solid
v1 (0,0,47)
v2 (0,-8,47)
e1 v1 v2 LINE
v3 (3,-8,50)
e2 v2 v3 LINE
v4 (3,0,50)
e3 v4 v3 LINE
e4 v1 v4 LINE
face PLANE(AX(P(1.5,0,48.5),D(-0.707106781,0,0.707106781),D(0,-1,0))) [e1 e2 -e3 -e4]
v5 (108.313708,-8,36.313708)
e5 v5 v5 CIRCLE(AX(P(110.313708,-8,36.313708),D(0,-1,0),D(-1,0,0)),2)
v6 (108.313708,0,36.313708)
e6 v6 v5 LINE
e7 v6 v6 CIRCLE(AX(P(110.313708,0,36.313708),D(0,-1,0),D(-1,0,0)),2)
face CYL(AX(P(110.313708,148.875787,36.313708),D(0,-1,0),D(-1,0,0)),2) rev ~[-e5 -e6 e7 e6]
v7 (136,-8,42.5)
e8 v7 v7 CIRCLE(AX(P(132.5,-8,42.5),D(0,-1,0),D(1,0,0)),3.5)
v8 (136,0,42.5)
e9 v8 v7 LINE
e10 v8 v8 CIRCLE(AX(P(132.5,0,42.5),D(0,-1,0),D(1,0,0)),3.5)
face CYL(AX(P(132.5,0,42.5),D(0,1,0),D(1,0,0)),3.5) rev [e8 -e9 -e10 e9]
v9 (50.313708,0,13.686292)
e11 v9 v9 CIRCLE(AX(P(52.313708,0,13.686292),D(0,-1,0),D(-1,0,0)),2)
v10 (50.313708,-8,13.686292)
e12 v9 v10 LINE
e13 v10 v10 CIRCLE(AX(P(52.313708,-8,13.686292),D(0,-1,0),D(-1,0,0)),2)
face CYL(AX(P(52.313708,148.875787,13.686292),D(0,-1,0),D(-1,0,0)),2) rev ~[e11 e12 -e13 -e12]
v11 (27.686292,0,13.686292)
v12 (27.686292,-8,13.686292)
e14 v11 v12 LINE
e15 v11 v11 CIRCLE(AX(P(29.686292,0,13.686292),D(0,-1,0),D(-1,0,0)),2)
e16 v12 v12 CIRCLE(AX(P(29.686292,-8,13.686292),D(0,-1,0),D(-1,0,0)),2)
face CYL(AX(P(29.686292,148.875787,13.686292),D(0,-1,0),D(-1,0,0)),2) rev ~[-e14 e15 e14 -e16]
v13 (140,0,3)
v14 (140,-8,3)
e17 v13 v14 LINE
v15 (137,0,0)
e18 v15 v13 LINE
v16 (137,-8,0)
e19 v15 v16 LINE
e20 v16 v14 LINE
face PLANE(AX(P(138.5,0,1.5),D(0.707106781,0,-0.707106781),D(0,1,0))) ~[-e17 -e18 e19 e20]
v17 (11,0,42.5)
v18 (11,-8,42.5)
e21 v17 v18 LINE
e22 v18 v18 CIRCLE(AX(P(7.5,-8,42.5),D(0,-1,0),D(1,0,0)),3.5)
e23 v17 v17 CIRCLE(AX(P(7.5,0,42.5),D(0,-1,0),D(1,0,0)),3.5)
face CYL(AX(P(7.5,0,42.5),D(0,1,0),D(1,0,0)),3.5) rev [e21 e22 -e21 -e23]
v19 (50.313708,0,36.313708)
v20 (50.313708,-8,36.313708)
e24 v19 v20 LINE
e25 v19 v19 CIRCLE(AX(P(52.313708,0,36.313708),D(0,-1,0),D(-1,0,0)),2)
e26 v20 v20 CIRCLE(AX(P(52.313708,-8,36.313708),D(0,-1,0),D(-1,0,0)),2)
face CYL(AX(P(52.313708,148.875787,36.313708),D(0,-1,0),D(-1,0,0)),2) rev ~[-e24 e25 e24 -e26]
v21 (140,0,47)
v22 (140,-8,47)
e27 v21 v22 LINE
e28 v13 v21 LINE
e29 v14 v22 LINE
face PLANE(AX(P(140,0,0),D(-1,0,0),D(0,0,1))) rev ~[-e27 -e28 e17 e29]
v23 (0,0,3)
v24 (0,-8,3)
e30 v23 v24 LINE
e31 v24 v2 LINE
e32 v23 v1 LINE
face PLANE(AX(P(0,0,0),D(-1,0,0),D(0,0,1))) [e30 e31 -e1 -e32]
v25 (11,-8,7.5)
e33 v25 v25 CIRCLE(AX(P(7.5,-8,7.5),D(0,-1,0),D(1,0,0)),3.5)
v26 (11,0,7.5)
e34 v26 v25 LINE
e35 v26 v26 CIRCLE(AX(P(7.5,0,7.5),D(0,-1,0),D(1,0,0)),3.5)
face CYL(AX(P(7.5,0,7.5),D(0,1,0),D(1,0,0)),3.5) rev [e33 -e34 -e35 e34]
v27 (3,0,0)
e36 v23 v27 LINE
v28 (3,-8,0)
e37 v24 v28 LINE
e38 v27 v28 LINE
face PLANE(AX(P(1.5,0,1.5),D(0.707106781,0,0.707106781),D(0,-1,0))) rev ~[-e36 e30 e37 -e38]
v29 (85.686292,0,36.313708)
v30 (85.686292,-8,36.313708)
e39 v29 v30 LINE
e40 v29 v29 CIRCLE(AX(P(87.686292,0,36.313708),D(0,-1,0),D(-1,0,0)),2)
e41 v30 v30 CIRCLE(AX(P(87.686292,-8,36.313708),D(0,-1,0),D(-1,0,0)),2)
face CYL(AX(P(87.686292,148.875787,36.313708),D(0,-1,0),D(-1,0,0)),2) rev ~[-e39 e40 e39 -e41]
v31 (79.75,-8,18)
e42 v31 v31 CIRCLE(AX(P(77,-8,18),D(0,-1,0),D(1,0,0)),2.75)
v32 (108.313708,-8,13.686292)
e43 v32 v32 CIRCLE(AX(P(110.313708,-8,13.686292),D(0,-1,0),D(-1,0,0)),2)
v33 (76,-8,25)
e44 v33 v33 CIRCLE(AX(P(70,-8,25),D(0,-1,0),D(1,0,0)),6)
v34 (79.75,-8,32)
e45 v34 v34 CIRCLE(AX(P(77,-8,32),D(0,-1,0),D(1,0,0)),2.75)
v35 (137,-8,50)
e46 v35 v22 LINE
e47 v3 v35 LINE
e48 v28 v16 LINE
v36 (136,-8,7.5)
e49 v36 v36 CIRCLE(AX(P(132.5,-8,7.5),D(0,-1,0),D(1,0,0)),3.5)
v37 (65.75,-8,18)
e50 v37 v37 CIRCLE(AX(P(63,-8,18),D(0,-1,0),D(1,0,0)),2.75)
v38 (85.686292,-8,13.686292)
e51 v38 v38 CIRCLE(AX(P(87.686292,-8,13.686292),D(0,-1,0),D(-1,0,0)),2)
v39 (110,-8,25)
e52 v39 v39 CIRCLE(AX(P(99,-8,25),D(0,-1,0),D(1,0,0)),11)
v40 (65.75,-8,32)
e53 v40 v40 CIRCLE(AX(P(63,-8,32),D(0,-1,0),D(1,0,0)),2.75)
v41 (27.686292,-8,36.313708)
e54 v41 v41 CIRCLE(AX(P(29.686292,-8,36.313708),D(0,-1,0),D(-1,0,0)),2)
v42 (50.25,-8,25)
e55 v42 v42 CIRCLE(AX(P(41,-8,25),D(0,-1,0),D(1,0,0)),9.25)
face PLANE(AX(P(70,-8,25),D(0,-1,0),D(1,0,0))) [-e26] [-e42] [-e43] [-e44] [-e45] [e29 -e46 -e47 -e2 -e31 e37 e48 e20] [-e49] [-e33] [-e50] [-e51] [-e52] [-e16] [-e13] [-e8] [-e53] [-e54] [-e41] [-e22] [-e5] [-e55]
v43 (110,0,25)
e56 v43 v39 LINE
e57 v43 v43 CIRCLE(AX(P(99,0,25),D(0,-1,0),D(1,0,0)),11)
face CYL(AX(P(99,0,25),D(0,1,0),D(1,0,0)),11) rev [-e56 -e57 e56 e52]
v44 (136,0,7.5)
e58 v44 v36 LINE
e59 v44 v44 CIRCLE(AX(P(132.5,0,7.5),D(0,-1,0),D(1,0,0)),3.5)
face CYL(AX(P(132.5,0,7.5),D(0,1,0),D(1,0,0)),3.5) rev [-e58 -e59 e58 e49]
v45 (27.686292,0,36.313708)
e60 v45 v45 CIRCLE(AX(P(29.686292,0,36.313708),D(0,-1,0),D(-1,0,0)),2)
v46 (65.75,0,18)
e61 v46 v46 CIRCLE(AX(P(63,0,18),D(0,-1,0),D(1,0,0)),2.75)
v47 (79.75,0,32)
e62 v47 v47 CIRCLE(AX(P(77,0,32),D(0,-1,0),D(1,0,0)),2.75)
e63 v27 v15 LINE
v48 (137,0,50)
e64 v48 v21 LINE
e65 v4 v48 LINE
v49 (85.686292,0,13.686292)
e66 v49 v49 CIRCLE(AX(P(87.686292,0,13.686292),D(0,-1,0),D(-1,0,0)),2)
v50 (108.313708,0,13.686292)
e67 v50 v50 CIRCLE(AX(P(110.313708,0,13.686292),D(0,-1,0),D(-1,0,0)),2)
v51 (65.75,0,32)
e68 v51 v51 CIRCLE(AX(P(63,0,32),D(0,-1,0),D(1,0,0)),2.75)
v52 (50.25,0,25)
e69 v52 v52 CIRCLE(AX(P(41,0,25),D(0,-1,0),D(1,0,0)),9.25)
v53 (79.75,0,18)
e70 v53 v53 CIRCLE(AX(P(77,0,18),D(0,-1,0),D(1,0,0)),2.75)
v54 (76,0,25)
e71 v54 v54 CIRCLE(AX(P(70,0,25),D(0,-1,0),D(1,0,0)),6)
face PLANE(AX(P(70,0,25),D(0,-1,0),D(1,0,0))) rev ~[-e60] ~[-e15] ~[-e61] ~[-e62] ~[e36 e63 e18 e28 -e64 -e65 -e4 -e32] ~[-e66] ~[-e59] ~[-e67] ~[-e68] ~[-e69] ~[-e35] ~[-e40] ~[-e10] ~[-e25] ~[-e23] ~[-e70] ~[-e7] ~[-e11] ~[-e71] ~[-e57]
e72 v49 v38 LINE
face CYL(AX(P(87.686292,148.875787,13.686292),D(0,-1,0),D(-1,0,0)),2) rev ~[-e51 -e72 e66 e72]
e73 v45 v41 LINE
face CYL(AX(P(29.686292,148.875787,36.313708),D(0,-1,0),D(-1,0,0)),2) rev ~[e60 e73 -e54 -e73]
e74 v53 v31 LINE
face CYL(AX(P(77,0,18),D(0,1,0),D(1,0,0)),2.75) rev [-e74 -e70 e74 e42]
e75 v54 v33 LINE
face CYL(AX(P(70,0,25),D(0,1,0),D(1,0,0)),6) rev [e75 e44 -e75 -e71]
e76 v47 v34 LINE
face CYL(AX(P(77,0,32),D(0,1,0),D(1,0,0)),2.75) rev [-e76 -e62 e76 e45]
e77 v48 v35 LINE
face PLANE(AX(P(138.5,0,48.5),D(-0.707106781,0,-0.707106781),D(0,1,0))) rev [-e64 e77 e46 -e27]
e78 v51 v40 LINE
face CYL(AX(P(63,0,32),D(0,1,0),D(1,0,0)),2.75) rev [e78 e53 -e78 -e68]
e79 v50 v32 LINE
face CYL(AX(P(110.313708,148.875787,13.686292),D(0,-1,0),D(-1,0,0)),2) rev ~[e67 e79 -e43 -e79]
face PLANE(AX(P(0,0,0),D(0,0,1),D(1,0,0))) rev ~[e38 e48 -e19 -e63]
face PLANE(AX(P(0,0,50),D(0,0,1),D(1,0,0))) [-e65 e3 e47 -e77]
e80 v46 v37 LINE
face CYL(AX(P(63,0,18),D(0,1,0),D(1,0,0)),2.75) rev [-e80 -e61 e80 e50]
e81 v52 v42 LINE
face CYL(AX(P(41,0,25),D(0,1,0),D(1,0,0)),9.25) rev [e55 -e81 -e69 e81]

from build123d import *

# Parameters (mm, degrees)
F0_W     = 140
F0_H     = 50
F0_R     = 3.5
F0_R_2   = 2
F0_R_3   = 2.75
F0_R_4   = 9.25
F0_R_5   = 6
F0_R_6   = 11
F1_DEPTH = 8
F2_D     = 4
F3_SIZE  = 3


with BuildPart() as f1:
    # F0 (on Front) → F1 (new body)
    with BuildSketch(Plane.XZ):
        with Locations((70, 25)):
            Rectangle(F0_W, F0_H)
        with Locations((7.5, 7.5)):
            Circle(F0_R, mode=Mode.SUBTRACT)
        with Locations((29.686291501, 13.686291501)):
            Circle(F0_R_2, mode=Mode.SUBTRACT)
        with Locations((52.313708499, 13.686291501)):
            Circle(F0_R_2, mode=Mode.SUBTRACT)
        with Locations((63, 18)):
            Circle(F0_R_3, mode=Mode.SUBTRACT)
        with Locations((132.5, 7.5)):
            Circle(F0_R, mode=Mode.SUBTRACT)
        with Locations((77, 18)):
            Circle(F0_R_3, mode=Mode.SUBTRACT)
        with Locations((87.686291501, 13.686291501)):
            Circle(F0_R_2, mode=Mode.SUBTRACT)
        with Locations((110.313708499, 13.686291501)):
            Circle(F0_R_2, mode=Mode.SUBTRACT)
        with Locations((29.686291501, 36.313708499)):
            Circle(F0_R_2, mode=Mode.SUBTRACT)
        with Locations((41, 25)):
            Circle(F0_R_4, mode=Mode.SUBTRACT)
        with Locations((52.313708499, 36.313708499)):
            Circle(F0_R_2, mode=Mode.SUBTRACT)
        with Locations((63, 32)):
            Circle(F0_R_3, mode=Mode.SUBTRACT)
        with Locations((7.5, 42.5)):
            Circle(F0_R, mode=Mode.SUBTRACT)
        with Locations((70, 25)):
            Circle(F0_R_5, mode=Mode.SUBTRACT)
        with Locations((99, 25)):
            Circle(F0_R_6, mode=Mode.SUBTRACT)
        with Locations((77, 32)):
            Circle(F0_R_3, mode=Mode.SUBTRACT)
        with Locations((87.686291501, 36.313708499)):
            Circle(F0_R_2, mode=Mode.SUBTRACT)
        with Locations((110.313708499, 36.313708499)):
            Circle(F0_R_2, mode=Mode.SUBTRACT)
        with Locations((132.5, 42.5)):
            Circle(F0_R, mode=Mode.SUBTRACT)
        with Locations((52.313708499, 36.313708499)):
            Circle(F0_R_2)
        with Locations((29.686291501, 36.313708499)):
            Circle(F0_R_2)
        with Locations((29.686291501, 13.686291501)):
            Circle(F0_R_2)
        with Locations((52.313708499, 13.686291501)):
            Circle(F0_R_2)
        with Locations((87.686291501, 13.686291501)):
            Circle(F0_R_2)
        with Locations((110.313708499, 13.686291501)):
            Circle(F0_R_2)
        with Locations((110.313708499, 36.313708499)):
            Circle(F0_R_2)
        with Locations((87.686291501, 36.313708499)):
            Circle(F0_R_2)
    extrude(amount=F1_DEPTH)

    # F2 (through all)
    with Locations(Plane(origin=(0, 0, 0), x_dir=(1, 0, 0), z_dir=(0, 1, 0))):
        with Locations((29.686291501, -36.313708499), (29.686291501, -13.686291501), (52.313708499, -13.686291501), (52.313708499, -36.313708499), (87.686291501, -36.313708499), (87.686291501, -13.686291501), (110.313708499, -13.686291501), (110.313708499, -36.313708499)):
            Hole(F2_D / 2)

    # F3
    f3_edges = [f1.edges().sort_by_distance(p)[0] for p in [
        (140, -4, 50),
        (140, -4, 0),
        (0, -4, 0),
        (0, -4, 50),
    ]]
    chamfer(f3_edges, length=F3_SIZE)


solid = f1.part
